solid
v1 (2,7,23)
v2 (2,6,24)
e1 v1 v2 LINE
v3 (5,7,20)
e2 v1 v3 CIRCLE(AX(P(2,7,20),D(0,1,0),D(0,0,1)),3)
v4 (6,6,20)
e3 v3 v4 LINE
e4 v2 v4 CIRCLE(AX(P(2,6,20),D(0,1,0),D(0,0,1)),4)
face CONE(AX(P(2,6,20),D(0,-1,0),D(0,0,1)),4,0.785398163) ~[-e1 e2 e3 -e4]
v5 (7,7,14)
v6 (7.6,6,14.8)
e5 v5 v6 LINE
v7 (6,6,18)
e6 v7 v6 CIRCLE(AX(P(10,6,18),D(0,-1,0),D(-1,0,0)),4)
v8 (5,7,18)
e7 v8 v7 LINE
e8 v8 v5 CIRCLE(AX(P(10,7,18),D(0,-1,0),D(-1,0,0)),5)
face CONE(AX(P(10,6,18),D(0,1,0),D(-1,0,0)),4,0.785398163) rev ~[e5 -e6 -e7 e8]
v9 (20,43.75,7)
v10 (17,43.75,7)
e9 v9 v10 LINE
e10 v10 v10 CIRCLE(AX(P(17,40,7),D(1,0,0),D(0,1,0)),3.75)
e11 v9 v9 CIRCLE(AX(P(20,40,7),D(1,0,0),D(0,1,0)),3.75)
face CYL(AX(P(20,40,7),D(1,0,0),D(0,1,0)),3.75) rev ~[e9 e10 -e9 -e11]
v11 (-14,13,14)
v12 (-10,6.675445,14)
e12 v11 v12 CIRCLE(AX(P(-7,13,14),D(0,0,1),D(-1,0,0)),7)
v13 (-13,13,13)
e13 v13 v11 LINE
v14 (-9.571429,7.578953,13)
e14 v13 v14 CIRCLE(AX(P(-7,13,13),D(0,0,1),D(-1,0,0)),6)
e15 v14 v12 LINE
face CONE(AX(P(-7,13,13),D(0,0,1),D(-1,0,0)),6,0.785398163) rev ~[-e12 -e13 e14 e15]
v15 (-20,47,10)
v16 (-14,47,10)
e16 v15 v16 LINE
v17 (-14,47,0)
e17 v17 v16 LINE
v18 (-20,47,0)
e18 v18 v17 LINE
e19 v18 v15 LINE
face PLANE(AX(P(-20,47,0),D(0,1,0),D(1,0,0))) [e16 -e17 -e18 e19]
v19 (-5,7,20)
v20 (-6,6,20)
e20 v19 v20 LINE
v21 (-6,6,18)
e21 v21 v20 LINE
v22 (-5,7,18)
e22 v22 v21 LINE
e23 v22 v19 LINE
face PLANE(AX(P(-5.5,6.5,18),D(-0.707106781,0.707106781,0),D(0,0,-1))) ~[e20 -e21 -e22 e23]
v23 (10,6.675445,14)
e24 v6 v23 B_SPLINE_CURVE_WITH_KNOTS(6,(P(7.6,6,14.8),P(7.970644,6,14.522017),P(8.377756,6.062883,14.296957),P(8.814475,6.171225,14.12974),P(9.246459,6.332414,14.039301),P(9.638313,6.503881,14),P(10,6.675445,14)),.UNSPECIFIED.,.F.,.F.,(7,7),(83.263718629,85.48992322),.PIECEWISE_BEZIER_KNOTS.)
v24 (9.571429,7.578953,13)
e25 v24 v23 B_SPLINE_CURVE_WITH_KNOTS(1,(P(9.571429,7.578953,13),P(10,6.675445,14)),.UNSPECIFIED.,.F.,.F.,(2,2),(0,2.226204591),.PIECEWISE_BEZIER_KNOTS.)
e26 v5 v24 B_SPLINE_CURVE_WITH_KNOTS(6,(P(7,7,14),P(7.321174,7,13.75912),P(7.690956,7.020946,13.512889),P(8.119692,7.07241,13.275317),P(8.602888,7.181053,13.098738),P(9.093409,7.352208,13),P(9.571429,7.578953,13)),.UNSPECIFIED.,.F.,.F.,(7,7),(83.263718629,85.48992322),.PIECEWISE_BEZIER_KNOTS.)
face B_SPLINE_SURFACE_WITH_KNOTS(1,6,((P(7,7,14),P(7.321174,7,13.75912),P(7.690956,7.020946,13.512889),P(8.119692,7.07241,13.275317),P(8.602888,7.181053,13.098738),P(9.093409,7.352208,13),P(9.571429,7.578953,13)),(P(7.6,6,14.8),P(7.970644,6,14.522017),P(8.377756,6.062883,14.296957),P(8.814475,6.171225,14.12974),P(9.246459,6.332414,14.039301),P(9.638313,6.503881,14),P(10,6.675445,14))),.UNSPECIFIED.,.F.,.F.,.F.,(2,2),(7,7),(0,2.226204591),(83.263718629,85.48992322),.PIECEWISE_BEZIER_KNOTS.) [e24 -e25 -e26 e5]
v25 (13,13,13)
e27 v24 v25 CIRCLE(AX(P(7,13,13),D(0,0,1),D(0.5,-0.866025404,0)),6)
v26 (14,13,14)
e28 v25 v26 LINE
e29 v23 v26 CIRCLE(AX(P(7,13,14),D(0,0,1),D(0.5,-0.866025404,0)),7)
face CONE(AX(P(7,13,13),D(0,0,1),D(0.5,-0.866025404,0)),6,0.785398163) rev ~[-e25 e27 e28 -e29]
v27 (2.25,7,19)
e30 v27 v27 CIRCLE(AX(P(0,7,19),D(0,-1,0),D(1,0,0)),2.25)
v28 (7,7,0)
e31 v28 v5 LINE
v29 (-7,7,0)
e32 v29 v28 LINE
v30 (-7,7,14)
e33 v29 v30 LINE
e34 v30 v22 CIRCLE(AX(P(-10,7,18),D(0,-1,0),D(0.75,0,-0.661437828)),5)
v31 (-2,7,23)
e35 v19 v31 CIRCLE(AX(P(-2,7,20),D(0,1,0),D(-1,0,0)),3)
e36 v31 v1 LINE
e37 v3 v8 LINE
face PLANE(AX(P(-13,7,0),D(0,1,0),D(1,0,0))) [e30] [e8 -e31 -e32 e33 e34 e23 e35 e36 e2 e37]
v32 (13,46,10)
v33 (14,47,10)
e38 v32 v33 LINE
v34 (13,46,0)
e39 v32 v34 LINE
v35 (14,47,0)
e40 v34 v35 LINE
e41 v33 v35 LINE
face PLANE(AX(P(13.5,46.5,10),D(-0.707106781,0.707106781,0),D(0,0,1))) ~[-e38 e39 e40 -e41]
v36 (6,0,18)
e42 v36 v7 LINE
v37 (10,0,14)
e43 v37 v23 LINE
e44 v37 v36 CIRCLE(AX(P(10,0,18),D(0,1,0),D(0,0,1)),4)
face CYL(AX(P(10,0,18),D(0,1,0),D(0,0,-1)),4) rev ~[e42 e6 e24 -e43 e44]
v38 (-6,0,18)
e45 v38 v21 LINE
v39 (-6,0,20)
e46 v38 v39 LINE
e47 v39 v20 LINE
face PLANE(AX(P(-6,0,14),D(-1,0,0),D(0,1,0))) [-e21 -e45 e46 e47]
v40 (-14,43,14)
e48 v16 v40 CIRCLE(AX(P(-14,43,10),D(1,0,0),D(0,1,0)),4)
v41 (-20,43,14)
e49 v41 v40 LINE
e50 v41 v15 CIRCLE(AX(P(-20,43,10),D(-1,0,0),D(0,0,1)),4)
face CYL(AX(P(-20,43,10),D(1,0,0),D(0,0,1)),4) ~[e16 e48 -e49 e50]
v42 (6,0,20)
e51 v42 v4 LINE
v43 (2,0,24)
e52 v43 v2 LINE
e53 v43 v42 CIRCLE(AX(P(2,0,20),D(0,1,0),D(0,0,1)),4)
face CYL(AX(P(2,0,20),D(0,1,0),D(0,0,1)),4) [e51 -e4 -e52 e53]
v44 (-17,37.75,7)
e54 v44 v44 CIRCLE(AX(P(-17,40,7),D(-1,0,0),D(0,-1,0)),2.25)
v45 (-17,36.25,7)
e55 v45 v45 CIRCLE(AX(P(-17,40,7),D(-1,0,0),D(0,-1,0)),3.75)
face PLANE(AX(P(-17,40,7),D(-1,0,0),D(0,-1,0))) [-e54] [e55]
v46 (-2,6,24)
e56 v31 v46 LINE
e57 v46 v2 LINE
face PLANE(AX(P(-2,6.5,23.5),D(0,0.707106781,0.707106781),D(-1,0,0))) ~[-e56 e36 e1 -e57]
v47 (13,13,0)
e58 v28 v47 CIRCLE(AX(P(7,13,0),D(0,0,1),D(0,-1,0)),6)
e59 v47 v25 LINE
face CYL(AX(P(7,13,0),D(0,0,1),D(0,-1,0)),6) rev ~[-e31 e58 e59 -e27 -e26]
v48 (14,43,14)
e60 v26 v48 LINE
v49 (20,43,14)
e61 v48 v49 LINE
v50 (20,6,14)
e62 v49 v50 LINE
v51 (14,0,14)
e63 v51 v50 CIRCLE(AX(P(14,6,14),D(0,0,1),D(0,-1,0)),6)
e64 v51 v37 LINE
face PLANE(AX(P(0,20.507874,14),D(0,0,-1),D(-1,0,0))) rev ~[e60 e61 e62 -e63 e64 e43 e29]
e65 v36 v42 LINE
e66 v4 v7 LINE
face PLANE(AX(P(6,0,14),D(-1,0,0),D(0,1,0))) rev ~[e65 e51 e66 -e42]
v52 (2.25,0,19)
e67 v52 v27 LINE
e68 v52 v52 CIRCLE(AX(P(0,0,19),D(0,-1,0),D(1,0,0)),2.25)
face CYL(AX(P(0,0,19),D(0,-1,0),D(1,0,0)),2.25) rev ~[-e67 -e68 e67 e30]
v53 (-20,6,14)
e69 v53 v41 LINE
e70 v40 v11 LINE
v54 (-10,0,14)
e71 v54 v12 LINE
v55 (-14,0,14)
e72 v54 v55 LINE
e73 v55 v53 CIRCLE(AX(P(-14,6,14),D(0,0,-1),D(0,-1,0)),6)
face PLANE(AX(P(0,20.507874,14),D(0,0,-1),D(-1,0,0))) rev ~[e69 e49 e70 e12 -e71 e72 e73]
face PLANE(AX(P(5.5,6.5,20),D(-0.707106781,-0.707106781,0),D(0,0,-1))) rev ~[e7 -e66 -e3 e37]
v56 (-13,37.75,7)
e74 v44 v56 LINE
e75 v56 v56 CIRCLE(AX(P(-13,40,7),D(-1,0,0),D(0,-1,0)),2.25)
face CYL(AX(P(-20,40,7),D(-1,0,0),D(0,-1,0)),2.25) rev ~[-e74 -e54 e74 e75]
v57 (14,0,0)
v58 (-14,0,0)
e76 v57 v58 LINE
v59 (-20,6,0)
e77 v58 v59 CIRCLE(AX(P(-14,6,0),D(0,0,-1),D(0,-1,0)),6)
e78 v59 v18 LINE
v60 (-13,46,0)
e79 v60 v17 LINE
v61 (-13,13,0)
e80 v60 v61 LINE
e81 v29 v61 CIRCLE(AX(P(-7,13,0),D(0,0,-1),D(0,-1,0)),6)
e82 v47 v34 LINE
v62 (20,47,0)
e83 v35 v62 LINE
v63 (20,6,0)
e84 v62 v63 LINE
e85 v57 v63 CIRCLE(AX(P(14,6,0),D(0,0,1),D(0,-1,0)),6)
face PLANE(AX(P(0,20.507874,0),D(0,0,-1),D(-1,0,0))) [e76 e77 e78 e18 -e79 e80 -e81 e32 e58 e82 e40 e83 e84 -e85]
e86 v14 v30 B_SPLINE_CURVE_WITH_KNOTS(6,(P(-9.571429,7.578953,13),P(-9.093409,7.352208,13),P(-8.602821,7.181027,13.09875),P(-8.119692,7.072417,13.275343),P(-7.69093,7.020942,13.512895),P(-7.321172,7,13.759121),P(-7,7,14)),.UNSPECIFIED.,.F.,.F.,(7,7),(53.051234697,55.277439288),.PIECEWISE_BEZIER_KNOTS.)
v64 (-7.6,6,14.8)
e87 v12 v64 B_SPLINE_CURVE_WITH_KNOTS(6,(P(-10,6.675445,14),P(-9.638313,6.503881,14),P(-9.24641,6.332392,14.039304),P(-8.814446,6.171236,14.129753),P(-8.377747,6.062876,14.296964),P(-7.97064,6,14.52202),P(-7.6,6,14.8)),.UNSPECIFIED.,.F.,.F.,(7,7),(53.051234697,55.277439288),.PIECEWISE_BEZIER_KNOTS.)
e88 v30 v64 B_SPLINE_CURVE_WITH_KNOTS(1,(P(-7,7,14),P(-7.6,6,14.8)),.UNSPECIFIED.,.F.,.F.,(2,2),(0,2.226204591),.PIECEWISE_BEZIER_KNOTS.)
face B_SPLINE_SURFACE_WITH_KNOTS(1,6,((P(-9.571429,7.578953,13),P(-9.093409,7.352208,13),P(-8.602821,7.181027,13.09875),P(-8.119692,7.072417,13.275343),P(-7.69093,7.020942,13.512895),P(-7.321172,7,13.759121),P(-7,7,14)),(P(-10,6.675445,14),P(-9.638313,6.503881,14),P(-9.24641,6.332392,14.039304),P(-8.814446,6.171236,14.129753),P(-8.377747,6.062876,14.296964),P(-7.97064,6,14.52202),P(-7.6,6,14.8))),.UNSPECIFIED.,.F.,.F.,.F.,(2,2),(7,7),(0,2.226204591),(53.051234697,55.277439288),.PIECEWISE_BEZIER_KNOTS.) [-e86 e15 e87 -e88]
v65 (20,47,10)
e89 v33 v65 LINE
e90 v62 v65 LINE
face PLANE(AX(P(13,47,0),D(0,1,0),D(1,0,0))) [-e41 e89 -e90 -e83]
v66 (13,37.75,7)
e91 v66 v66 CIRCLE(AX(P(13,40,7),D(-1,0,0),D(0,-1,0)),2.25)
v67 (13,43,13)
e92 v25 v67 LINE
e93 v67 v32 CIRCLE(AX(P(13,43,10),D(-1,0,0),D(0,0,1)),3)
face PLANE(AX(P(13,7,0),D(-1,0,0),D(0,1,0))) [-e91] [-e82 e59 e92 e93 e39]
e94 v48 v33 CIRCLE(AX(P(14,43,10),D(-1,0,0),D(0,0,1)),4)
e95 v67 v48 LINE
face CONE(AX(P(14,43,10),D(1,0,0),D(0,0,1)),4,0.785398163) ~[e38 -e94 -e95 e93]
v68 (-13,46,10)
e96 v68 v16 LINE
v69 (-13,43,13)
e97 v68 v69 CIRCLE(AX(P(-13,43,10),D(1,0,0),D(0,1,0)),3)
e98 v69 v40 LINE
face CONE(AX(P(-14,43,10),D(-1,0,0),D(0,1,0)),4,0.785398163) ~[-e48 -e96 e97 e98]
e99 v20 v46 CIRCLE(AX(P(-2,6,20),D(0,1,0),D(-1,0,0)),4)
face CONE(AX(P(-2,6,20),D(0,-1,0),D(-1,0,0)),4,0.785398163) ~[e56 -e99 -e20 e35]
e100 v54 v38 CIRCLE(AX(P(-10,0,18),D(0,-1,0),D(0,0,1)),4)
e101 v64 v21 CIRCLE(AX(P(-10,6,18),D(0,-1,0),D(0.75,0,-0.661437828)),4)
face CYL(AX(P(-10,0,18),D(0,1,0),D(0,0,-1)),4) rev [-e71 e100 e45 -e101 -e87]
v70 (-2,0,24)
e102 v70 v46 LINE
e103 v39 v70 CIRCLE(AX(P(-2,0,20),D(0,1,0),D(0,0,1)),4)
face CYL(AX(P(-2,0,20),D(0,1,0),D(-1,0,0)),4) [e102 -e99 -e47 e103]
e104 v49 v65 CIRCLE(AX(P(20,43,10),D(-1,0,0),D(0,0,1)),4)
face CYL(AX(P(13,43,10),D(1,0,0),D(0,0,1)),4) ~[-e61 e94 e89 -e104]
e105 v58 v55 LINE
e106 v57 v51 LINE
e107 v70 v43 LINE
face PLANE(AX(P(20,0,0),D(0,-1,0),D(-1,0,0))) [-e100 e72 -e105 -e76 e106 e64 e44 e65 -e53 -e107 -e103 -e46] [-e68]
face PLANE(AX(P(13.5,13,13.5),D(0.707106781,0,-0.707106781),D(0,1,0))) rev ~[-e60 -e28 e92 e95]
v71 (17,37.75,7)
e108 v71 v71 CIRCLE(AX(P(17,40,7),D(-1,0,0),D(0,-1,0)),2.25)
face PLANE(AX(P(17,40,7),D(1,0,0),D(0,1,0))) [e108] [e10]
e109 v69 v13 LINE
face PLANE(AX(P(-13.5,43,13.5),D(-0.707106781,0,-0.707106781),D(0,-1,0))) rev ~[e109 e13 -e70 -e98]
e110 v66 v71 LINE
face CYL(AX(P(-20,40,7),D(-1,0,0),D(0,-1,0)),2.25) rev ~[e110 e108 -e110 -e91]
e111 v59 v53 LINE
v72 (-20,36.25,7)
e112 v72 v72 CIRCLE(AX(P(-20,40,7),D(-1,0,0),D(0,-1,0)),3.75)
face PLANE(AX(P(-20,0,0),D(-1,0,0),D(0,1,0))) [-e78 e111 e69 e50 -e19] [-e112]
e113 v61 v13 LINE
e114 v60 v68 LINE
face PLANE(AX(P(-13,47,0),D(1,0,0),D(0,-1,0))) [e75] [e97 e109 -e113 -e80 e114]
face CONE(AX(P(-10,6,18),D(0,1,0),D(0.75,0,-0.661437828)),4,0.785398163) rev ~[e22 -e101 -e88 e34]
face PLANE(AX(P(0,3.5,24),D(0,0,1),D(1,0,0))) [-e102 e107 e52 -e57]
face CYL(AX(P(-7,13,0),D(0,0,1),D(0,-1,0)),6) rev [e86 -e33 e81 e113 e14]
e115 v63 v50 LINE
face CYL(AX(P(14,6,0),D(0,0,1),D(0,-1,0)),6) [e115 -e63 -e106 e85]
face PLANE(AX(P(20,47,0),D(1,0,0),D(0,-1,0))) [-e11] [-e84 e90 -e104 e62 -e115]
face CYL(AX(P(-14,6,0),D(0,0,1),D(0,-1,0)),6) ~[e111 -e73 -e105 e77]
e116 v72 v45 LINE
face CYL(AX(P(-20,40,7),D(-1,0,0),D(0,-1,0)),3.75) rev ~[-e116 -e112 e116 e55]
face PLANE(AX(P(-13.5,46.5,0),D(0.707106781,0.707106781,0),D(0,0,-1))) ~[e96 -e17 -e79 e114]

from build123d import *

# Parameters (mm, degrees)
PAD_DEPTH       = 14
SKETCH001_W     = 12
SKETCH001_H     = 7
PAD001_DEPTH    = 10
FILLET_R        = 4
FILLET001_R     = 6
SKETCH002_R     = 2.25
POCKET_DEPTH    = 7
SKETCH003_R     = 2.25
POCKET001_DEPTH = 41
FILLET002_R     = 4
CHAMFER_SIZE    = 1
SKETCH004_R     = 3.75
POCKET002_DEPTH = 3
SKETCH005_R     = 3.75
POCKET003_DEPTH = 3


with BuildPart() as part:
    # Sketch → Pad (new body)
    with BuildSketch(Plane.XY):
        Polygon((-20, 47), (-13, 47), (-13, 7), (13, 7), (13, 47), (20, 47), (20, 0), (-20, 0), align=None)
    extrude(amount=PAD_DEPTH)

    # Sketch001 (on Face10 of Pad) → Pad001 (join)
    with BuildSketch(Plane.XY.offset(14)):
        with Locations((0, 3.5)):
            Rectangle(SKETCH001_W, SKETCH001_H)
    extrude(amount=PAD001_DEPTH)

    # Fillet
    fillet_edges = [part.edges().sort_by_distance(p)[0] for p in [
        (-6, 3.5, 14),
        (-6, 3.5, 24),
        (6, 3.5, 24),
        (6, 3.5, 14),
    ]]
    fillet(fillet_edges, radius=FILLET_R)

    # Fillet001
    fillet001_edges = [part.edges().sort_by_distance(p)[0] for p in [
        (20, 0, 7),
        (-20, 0, 7),
        (-13, 7, 7),
        (13, 7, 7),
    ]]
    fillet(fillet001_edges, radius=FILLET001_R)

    # Sketch002 (on Face4 of Fillet001) → Pocket (cut)
    with BuildSketch(Plane.XZ):
        with Locations((0, 19)):
            Circle(SKETCH002_R)
    extrude(amount=-POCKET_DEPTH, mode=Mode.SUBTRACT)

    # Sketch003 (on Face8 of Pocket) → Pocket001 (cut)
    with BuildSketch(Plane(origin=(-20, 0, 0), x_dir=(0, -1, 0), z_dir=(-1, 0, 0))):
        with Locations((-40, 7)):
            Circle(SKETCH003_R)
    extrude(amount=-POCKET001_DEPTH, mode=Mode.SUBTRACT)

    # Fillet002
    fillet002_edges = [part.edges().sort_by_distance(p)[0] for p in [
        (16.5, 47, 14),
        (-16.5, 47, 14),
    ]]
    fillet(fillet002_edges, radius=FILLET002_R)

    # Chamfer
    chamfer_edges = [part.edges().sort_by_distance(p)[0] for p in [
        (-13, 47, 5),
        (13, 47, 5),
    ]]
    chamfer(chamfer_edges, length=CHAMFER_SIZE)

    # Sketch004 (on Face4 of Chamfer) → Pocket002 (cut)
    with BuildSketch(Plane(origin=(-20, 0, 0), x_dir=(0, -1, 0), z_dir=(-1, 0, 0))):
        with Locations((-40, 7)):
            Circle(SKETCH004_R)
    extrude(amount=-POCKET002_DEPTH, mode=Mode.SUBTRACT)

    # Sketch005 (on Face33 of Pocket002) → Pocket003 (cut)
    with BuildSketch(Plane.YZ.offset(20)):
        with Locations((40, 7)):
            Circle(SKETCH005_R)
    extrude(amount=-POCKET003_DEPTH, mode=Mode.SUBTRACT)


solid = part.part
